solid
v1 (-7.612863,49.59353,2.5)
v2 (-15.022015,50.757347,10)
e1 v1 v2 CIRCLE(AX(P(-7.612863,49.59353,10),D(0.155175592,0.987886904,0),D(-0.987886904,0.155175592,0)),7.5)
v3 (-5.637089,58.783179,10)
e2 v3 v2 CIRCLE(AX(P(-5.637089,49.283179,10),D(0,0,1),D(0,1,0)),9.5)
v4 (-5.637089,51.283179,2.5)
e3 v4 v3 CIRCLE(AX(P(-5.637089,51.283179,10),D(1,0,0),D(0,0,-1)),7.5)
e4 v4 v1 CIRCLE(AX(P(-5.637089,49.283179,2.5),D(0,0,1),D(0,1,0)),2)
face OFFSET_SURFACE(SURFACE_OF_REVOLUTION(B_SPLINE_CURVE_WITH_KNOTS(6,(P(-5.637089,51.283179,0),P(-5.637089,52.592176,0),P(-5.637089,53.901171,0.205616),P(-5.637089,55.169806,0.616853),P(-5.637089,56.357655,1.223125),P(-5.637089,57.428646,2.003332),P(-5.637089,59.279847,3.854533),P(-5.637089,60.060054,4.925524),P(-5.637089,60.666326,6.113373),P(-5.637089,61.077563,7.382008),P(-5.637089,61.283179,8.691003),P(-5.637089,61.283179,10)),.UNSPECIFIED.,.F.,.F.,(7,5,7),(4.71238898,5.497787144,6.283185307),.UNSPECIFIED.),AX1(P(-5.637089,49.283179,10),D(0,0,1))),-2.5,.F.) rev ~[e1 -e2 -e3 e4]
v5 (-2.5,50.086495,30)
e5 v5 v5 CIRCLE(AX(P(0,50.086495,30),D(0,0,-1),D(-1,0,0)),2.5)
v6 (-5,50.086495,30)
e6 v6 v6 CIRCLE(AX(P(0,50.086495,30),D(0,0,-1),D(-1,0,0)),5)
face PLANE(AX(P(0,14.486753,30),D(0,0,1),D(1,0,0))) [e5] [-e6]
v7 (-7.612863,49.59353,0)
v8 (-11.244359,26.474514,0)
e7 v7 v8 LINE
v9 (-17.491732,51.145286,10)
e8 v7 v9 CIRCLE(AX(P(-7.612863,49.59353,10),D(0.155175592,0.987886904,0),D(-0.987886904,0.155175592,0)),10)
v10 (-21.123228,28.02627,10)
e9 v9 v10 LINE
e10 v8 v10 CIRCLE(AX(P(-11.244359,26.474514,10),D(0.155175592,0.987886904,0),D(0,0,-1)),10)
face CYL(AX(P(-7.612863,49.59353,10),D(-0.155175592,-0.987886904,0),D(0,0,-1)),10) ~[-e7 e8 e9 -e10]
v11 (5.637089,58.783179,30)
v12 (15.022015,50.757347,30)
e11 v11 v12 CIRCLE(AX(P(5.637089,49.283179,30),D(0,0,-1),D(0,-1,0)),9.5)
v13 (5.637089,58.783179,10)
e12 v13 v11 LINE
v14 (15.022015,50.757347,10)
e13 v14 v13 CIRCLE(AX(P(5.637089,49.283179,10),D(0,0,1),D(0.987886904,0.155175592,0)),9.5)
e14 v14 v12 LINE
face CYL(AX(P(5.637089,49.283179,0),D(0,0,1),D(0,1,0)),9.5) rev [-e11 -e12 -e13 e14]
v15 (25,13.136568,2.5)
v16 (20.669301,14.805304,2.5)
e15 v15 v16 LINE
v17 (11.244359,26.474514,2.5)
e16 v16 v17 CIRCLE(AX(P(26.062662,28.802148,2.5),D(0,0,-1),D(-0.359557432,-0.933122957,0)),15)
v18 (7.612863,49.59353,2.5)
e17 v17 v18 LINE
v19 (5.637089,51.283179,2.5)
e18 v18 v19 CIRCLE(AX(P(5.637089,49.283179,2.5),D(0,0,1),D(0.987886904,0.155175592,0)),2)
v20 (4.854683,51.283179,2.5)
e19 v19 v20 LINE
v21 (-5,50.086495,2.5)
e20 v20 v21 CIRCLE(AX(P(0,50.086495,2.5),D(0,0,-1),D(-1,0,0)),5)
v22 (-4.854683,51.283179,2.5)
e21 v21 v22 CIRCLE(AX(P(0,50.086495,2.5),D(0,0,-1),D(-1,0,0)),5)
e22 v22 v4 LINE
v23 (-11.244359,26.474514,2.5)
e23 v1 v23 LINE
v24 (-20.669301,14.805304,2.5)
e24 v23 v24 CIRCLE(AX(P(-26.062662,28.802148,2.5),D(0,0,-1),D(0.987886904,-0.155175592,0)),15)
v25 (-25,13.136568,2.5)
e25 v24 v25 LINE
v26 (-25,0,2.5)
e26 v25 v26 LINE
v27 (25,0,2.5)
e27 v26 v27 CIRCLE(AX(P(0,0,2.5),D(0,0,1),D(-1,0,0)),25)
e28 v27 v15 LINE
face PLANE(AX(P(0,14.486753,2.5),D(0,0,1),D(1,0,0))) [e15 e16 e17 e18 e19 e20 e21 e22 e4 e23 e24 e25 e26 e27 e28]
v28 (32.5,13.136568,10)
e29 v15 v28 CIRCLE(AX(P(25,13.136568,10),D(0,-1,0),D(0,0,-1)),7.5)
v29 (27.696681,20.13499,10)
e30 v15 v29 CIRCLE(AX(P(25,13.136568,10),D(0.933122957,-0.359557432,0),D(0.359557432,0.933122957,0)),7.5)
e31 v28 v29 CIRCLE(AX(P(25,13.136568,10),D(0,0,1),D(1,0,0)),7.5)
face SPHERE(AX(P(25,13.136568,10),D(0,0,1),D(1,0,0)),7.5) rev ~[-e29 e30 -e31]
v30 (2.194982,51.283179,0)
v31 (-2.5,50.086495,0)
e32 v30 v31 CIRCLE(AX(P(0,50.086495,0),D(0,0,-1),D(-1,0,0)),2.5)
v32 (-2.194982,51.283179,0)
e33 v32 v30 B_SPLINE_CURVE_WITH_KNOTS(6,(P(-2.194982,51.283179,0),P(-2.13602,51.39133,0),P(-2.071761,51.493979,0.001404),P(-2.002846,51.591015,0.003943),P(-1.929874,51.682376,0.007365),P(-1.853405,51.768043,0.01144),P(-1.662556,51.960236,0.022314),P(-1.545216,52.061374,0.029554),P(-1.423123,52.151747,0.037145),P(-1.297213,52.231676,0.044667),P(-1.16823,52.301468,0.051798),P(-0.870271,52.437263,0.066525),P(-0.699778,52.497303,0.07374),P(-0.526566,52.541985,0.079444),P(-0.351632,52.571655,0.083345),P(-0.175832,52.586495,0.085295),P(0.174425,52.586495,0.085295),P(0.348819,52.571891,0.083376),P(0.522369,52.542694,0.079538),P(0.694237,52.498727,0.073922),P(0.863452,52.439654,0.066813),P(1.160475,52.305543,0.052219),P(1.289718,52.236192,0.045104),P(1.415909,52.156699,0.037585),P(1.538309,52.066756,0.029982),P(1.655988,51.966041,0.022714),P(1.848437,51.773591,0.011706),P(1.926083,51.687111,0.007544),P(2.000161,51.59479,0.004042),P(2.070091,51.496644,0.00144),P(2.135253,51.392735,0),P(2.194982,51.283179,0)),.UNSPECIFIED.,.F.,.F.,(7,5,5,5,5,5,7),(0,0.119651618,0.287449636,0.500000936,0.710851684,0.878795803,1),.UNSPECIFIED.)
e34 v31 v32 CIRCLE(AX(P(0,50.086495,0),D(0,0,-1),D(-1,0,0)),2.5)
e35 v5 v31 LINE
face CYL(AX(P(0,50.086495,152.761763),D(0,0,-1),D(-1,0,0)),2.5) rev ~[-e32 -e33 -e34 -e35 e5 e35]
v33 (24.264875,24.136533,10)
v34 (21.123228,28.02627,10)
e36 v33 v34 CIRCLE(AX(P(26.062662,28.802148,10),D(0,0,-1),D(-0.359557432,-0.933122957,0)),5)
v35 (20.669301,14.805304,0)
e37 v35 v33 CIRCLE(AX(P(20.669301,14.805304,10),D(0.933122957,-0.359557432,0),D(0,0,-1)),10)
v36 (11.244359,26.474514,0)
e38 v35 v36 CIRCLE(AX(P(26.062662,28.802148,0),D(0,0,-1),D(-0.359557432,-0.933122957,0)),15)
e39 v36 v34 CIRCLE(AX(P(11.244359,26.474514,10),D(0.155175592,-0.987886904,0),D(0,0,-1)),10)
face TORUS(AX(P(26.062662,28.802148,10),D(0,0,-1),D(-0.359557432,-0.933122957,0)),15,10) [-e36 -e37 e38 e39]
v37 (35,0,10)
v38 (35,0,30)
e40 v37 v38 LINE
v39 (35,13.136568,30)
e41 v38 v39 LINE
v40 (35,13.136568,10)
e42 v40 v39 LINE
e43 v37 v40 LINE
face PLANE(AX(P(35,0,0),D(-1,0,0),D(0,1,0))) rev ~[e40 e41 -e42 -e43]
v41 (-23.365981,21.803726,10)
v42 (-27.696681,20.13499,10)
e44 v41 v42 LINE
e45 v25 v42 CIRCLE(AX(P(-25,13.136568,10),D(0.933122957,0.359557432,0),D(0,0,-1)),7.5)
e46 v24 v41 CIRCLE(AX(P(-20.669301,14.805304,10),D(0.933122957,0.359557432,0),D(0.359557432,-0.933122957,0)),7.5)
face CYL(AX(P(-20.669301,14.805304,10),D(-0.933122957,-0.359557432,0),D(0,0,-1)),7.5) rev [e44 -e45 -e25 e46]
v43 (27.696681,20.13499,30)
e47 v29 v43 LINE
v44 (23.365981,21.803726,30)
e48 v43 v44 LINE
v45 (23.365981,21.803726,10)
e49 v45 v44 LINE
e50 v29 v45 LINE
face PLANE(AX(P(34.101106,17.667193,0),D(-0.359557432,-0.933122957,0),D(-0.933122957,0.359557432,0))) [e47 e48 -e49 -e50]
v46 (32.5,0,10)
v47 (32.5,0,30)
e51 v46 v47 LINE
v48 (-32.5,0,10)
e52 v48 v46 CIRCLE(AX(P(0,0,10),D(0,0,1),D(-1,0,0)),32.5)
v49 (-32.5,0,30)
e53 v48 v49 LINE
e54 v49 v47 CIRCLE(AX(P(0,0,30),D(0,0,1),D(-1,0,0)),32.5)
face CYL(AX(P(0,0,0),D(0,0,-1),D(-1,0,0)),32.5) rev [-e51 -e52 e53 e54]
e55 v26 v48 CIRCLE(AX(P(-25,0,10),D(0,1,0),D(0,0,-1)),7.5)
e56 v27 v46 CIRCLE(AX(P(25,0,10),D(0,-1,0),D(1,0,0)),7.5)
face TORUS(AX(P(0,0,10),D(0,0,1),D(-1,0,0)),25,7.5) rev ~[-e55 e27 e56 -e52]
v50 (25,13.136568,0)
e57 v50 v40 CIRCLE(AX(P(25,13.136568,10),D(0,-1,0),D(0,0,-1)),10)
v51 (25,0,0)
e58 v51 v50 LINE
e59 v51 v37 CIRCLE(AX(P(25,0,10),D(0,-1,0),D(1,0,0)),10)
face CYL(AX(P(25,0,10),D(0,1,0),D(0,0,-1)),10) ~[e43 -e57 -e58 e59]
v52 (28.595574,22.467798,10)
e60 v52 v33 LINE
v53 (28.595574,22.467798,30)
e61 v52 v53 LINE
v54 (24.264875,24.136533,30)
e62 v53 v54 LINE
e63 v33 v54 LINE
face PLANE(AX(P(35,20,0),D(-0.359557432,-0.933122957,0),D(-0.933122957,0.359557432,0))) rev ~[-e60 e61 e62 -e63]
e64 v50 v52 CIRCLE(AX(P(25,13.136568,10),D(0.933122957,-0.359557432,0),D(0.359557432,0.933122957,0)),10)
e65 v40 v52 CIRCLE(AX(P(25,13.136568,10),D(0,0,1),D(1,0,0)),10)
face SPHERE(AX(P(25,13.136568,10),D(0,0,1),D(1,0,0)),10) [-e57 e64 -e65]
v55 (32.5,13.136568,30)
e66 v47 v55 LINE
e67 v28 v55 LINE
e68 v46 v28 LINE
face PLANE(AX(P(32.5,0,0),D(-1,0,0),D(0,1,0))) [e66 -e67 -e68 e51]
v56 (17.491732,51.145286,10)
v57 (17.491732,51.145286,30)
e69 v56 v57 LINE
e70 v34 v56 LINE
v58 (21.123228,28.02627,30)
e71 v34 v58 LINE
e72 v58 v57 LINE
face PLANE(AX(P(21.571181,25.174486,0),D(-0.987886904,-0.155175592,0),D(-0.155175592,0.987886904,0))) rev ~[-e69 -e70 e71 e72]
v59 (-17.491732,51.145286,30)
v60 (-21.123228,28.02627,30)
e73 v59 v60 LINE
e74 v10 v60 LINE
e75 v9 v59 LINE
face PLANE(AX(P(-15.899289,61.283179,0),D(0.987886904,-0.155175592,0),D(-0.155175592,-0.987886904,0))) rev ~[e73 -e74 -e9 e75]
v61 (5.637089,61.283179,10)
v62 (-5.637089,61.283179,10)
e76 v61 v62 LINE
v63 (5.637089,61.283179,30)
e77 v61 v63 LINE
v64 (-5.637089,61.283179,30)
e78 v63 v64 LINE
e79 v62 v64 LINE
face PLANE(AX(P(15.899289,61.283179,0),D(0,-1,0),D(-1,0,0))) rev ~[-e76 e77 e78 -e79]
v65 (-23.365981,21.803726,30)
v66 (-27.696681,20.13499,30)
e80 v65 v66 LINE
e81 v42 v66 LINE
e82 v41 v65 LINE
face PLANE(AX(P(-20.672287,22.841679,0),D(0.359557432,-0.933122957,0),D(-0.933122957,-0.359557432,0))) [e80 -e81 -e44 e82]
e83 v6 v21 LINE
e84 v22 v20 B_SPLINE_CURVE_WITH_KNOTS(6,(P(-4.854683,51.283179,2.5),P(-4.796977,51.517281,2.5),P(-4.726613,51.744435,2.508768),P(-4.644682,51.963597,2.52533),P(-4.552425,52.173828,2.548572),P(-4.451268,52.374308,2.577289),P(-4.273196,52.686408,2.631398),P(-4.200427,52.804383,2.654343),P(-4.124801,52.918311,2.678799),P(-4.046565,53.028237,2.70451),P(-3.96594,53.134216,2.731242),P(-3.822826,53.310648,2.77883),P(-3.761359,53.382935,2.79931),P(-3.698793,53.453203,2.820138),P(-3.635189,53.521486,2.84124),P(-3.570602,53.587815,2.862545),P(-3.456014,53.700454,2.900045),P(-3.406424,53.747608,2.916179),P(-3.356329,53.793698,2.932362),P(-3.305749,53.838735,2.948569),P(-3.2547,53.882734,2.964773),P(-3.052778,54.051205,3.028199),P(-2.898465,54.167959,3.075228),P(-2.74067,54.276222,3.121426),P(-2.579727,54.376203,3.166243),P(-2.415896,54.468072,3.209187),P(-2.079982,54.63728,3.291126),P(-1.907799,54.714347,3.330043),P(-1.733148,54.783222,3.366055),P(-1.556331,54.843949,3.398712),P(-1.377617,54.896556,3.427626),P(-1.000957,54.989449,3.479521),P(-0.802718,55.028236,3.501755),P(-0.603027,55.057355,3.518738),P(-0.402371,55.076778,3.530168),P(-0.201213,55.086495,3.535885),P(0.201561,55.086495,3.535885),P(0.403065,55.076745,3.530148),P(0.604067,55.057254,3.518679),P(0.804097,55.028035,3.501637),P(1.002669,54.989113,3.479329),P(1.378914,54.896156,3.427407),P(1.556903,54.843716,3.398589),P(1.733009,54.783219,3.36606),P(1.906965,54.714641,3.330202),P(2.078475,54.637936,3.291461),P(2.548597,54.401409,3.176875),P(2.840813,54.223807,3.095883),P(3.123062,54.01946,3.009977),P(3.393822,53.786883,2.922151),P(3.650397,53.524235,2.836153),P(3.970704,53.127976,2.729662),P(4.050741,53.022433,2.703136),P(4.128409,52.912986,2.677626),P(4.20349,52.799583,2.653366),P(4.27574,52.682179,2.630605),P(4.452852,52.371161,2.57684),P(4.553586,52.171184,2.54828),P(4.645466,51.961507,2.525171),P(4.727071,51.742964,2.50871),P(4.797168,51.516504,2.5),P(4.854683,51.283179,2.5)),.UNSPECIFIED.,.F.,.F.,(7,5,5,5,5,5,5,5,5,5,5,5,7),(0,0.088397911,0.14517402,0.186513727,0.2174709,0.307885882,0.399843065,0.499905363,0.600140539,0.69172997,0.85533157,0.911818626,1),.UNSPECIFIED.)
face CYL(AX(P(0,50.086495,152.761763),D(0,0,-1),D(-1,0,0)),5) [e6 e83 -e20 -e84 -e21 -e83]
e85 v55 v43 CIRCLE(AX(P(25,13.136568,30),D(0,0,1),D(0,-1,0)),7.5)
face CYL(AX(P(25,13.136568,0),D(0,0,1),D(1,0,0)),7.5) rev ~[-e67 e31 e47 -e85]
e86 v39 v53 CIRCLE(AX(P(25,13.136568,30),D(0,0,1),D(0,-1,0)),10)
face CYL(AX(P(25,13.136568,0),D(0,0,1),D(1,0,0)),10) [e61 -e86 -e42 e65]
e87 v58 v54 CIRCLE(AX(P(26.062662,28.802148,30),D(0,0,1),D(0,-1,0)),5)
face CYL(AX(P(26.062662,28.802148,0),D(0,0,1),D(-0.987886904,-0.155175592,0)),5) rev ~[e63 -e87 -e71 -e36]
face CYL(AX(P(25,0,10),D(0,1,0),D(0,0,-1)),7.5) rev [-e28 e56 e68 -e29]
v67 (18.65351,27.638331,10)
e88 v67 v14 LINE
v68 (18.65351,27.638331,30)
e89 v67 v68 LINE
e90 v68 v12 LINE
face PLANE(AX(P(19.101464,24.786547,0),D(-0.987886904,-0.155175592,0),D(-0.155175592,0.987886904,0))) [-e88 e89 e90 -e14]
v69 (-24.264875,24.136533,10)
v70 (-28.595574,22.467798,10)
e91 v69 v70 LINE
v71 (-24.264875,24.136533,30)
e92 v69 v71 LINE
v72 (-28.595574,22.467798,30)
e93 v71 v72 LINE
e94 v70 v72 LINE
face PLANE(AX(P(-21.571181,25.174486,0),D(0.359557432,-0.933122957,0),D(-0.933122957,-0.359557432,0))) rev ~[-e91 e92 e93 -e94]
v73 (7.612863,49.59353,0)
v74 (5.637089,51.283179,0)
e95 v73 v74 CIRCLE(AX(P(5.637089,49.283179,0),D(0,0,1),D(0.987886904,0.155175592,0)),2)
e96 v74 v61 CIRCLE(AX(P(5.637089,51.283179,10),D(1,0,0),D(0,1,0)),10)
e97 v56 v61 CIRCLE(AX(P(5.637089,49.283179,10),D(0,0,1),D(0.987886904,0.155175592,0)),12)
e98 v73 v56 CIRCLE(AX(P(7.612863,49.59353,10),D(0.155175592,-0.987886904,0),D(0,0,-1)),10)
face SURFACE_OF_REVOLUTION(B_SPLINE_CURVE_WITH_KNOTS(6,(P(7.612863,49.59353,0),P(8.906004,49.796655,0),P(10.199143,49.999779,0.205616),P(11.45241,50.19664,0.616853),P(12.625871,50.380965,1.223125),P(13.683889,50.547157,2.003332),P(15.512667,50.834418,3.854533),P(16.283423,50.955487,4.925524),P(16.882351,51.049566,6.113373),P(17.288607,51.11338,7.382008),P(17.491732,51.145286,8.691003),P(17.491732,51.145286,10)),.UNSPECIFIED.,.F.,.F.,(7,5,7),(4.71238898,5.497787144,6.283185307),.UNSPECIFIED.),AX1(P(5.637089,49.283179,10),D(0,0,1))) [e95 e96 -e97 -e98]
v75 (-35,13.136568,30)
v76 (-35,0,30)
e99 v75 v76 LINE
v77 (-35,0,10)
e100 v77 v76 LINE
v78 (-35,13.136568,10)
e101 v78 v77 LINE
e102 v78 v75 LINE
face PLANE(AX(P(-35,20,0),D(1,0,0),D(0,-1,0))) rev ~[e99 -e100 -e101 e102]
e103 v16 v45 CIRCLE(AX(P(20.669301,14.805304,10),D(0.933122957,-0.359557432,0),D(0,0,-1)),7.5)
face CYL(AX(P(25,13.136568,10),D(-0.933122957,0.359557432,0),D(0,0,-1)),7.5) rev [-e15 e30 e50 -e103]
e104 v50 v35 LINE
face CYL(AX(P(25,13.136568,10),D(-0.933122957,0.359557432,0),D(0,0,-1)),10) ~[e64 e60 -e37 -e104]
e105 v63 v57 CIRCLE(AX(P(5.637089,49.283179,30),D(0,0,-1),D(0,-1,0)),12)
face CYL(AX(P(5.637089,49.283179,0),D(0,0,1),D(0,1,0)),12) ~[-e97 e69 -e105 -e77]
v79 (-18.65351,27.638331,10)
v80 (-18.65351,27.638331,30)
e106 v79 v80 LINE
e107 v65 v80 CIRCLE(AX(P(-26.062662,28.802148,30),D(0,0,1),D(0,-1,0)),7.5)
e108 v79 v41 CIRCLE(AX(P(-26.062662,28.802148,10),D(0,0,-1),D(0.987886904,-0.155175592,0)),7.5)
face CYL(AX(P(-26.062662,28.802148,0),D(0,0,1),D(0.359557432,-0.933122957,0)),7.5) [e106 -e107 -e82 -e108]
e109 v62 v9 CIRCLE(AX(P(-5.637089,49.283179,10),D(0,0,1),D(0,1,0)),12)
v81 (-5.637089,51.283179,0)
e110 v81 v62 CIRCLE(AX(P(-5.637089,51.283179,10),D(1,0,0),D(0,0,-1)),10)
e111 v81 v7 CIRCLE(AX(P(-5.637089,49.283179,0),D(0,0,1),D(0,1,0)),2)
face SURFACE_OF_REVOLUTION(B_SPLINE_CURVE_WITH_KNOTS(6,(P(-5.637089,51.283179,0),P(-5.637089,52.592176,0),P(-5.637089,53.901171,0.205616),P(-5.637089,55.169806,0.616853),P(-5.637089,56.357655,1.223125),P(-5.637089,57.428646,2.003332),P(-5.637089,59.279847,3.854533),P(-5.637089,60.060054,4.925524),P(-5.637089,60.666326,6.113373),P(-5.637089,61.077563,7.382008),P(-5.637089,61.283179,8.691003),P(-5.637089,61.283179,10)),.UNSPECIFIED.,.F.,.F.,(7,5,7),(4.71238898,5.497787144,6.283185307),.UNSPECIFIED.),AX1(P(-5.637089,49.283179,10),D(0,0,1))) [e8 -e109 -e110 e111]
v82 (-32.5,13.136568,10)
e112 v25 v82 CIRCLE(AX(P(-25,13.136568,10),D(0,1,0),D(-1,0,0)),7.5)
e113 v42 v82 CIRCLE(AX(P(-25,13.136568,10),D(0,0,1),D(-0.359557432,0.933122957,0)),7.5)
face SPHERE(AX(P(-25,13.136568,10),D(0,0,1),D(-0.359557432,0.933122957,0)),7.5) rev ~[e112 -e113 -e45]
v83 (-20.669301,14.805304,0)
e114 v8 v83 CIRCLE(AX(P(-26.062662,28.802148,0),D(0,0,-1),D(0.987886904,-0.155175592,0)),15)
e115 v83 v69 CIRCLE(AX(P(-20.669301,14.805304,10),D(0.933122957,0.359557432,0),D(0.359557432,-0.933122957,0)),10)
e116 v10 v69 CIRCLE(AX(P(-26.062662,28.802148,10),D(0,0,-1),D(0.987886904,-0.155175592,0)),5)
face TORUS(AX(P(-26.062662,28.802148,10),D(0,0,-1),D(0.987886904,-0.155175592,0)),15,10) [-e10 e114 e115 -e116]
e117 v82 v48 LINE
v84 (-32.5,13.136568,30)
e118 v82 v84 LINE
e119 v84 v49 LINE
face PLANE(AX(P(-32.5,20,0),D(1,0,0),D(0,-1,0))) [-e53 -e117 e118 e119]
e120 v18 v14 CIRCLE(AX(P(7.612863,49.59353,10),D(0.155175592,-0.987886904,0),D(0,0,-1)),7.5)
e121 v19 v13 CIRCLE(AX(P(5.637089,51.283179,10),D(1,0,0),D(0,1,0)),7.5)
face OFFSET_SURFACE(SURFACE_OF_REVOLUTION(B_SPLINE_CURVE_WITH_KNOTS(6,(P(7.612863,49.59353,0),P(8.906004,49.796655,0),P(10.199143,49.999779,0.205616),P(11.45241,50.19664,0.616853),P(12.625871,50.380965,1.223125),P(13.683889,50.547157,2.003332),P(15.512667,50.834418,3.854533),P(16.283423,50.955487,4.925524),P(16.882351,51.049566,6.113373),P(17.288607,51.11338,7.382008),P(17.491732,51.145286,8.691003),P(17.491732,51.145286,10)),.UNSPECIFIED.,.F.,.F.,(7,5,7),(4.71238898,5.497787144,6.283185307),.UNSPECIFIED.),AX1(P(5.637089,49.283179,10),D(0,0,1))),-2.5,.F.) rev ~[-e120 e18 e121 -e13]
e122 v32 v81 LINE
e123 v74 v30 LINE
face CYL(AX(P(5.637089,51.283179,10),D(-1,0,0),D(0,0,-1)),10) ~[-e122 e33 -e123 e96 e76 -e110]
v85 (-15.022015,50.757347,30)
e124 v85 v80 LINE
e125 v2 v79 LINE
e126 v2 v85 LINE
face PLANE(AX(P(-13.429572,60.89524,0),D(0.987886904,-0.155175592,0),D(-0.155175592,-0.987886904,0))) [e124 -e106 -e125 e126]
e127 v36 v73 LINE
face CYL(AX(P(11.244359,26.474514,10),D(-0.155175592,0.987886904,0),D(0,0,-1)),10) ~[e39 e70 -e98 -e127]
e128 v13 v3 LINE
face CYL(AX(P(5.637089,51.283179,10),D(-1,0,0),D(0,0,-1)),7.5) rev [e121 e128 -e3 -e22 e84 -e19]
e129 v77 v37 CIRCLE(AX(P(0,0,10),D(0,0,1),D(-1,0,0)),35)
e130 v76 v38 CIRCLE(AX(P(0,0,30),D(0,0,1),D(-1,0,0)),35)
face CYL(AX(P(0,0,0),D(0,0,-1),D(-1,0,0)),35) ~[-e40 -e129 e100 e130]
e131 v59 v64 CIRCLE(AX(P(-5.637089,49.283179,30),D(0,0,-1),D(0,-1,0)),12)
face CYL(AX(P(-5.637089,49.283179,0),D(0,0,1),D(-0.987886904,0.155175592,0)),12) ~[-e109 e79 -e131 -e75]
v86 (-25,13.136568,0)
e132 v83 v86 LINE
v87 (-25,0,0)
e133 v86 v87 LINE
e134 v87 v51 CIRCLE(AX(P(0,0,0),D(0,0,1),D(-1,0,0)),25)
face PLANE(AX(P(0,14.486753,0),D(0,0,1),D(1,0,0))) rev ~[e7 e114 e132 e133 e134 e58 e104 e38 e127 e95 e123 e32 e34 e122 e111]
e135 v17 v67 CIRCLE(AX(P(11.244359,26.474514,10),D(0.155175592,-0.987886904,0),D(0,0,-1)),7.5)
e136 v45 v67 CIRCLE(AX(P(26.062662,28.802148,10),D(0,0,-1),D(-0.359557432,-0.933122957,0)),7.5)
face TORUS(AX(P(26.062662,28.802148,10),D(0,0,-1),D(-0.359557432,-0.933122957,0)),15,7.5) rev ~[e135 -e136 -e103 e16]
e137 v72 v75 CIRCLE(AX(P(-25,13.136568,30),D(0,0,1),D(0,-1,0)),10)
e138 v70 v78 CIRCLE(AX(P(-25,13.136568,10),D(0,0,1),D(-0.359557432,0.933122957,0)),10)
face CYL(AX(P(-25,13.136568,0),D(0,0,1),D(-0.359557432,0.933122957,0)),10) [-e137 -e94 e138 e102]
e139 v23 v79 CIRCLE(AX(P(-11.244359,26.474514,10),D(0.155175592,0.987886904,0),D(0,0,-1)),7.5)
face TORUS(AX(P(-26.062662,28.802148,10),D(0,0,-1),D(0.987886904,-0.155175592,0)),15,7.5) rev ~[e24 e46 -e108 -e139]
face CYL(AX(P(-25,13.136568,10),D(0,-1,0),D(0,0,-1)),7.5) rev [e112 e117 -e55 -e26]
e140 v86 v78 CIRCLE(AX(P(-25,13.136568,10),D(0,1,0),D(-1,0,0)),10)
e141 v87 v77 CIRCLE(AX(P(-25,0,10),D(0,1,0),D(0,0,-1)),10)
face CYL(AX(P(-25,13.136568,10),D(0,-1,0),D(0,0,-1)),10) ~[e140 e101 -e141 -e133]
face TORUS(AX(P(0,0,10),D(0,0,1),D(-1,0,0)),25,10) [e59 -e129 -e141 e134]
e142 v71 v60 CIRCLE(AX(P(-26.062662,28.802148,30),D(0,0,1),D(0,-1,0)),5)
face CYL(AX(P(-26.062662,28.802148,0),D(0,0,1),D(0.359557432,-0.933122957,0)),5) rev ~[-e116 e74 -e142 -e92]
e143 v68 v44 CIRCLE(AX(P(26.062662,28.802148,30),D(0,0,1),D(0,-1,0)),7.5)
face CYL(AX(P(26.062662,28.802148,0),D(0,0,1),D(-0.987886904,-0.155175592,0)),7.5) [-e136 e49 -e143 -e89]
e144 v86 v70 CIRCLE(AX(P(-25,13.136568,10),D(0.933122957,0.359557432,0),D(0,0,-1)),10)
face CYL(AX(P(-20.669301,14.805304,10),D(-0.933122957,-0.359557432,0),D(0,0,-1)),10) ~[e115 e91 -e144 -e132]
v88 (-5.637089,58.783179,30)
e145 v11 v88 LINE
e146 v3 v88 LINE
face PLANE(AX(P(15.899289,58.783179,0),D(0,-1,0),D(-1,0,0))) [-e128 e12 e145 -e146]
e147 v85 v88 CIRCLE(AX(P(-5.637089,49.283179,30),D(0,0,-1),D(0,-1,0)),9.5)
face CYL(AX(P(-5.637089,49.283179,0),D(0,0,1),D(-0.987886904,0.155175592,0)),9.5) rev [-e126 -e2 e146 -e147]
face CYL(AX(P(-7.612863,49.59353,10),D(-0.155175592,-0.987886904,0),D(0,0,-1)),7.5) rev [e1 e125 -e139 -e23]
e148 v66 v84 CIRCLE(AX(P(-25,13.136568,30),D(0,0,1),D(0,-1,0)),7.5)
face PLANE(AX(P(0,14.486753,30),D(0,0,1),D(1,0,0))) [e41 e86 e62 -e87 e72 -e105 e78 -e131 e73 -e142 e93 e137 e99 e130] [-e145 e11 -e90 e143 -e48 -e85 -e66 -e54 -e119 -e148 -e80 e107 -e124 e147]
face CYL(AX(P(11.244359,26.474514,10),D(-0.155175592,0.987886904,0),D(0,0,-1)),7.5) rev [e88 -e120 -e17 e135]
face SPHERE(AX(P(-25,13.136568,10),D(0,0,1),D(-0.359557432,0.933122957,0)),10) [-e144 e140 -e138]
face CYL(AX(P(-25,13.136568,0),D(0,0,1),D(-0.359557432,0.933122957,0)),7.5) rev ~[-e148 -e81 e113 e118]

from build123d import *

# Parameters (mm, degrees)
F1_DEPTH = 30
F2_R     = 10
F3_R     = 5
F4_R     = 12
F5_R     = 10
F7_D     = 5
F8_T     = -2.5


with BuildPart() as f1:
    # F0 (on Top) → F1 (new body)
    with BuildSketch(Plane.XY):
        with BuildLine():
            Line((15.899289, 61.283179), (-15.899289, 61.283179))
            Line((-15.899289, 61.283179), (-21.571181, 25.174486))
            Line((-21.571181, 25.174486), (-35, 20))
            Line((-35, 20), (-35, 0))
            ThreePointArc((-35, 0), (0, -35), (35, 0))
            Line((35, 0), (35, 20))
            Line((35, 20), (21.571181, 25.174486))
            Line((21.571181, 25.174486), (15.899289, 61.283179))
        make_face()
    extrude(amount=F1_DEPTH)

    # F2
    f2_edges = [f1.edges().sort_by_distance(p)[0] for p in [
        (35, 20, 15),
        (-35, 20, 15),
    ]]
    fillet(f2_edges, radius=F2_R)

    # F3
    f3_edges = [f1.edges().sort_by_distance(p)[0] for p in [
        (21.571181, 25.174486, 15),
        (-21.571181, 25.174486, 15),
    ]]
    fillet(f3_edges, radius=F3_R)

    # F4
    f4_edges = [f1.edges().sort_by_distance(p)[0] for p in [
        (15.899289, 61.283179, 15),
        (-15.899289, 61.283179, 15),
    ]]
    fillet(f4_edges, radius=F4_R)

    # F5
    f5_edges = [f1.edges().sort_by_distance(p)[0] for p in [
        (19.30748, 39.585778, 0),
    ]]
    fillet(f5_edges, radius=F5_R)

    # F7 (through all)
    with Locations(Plane.XY.offset(30)):
        with Locations((0, 50.086495)):
            Hole(F7_D / 2)

    # F8
    f8_openings = [f1.faces().sort_by_distance(p)[0] for p in [
        (0, 9.29282, 30),
    ]]
    offset(amount=F8_T, openings=f8_openings)


solid = f1.part
